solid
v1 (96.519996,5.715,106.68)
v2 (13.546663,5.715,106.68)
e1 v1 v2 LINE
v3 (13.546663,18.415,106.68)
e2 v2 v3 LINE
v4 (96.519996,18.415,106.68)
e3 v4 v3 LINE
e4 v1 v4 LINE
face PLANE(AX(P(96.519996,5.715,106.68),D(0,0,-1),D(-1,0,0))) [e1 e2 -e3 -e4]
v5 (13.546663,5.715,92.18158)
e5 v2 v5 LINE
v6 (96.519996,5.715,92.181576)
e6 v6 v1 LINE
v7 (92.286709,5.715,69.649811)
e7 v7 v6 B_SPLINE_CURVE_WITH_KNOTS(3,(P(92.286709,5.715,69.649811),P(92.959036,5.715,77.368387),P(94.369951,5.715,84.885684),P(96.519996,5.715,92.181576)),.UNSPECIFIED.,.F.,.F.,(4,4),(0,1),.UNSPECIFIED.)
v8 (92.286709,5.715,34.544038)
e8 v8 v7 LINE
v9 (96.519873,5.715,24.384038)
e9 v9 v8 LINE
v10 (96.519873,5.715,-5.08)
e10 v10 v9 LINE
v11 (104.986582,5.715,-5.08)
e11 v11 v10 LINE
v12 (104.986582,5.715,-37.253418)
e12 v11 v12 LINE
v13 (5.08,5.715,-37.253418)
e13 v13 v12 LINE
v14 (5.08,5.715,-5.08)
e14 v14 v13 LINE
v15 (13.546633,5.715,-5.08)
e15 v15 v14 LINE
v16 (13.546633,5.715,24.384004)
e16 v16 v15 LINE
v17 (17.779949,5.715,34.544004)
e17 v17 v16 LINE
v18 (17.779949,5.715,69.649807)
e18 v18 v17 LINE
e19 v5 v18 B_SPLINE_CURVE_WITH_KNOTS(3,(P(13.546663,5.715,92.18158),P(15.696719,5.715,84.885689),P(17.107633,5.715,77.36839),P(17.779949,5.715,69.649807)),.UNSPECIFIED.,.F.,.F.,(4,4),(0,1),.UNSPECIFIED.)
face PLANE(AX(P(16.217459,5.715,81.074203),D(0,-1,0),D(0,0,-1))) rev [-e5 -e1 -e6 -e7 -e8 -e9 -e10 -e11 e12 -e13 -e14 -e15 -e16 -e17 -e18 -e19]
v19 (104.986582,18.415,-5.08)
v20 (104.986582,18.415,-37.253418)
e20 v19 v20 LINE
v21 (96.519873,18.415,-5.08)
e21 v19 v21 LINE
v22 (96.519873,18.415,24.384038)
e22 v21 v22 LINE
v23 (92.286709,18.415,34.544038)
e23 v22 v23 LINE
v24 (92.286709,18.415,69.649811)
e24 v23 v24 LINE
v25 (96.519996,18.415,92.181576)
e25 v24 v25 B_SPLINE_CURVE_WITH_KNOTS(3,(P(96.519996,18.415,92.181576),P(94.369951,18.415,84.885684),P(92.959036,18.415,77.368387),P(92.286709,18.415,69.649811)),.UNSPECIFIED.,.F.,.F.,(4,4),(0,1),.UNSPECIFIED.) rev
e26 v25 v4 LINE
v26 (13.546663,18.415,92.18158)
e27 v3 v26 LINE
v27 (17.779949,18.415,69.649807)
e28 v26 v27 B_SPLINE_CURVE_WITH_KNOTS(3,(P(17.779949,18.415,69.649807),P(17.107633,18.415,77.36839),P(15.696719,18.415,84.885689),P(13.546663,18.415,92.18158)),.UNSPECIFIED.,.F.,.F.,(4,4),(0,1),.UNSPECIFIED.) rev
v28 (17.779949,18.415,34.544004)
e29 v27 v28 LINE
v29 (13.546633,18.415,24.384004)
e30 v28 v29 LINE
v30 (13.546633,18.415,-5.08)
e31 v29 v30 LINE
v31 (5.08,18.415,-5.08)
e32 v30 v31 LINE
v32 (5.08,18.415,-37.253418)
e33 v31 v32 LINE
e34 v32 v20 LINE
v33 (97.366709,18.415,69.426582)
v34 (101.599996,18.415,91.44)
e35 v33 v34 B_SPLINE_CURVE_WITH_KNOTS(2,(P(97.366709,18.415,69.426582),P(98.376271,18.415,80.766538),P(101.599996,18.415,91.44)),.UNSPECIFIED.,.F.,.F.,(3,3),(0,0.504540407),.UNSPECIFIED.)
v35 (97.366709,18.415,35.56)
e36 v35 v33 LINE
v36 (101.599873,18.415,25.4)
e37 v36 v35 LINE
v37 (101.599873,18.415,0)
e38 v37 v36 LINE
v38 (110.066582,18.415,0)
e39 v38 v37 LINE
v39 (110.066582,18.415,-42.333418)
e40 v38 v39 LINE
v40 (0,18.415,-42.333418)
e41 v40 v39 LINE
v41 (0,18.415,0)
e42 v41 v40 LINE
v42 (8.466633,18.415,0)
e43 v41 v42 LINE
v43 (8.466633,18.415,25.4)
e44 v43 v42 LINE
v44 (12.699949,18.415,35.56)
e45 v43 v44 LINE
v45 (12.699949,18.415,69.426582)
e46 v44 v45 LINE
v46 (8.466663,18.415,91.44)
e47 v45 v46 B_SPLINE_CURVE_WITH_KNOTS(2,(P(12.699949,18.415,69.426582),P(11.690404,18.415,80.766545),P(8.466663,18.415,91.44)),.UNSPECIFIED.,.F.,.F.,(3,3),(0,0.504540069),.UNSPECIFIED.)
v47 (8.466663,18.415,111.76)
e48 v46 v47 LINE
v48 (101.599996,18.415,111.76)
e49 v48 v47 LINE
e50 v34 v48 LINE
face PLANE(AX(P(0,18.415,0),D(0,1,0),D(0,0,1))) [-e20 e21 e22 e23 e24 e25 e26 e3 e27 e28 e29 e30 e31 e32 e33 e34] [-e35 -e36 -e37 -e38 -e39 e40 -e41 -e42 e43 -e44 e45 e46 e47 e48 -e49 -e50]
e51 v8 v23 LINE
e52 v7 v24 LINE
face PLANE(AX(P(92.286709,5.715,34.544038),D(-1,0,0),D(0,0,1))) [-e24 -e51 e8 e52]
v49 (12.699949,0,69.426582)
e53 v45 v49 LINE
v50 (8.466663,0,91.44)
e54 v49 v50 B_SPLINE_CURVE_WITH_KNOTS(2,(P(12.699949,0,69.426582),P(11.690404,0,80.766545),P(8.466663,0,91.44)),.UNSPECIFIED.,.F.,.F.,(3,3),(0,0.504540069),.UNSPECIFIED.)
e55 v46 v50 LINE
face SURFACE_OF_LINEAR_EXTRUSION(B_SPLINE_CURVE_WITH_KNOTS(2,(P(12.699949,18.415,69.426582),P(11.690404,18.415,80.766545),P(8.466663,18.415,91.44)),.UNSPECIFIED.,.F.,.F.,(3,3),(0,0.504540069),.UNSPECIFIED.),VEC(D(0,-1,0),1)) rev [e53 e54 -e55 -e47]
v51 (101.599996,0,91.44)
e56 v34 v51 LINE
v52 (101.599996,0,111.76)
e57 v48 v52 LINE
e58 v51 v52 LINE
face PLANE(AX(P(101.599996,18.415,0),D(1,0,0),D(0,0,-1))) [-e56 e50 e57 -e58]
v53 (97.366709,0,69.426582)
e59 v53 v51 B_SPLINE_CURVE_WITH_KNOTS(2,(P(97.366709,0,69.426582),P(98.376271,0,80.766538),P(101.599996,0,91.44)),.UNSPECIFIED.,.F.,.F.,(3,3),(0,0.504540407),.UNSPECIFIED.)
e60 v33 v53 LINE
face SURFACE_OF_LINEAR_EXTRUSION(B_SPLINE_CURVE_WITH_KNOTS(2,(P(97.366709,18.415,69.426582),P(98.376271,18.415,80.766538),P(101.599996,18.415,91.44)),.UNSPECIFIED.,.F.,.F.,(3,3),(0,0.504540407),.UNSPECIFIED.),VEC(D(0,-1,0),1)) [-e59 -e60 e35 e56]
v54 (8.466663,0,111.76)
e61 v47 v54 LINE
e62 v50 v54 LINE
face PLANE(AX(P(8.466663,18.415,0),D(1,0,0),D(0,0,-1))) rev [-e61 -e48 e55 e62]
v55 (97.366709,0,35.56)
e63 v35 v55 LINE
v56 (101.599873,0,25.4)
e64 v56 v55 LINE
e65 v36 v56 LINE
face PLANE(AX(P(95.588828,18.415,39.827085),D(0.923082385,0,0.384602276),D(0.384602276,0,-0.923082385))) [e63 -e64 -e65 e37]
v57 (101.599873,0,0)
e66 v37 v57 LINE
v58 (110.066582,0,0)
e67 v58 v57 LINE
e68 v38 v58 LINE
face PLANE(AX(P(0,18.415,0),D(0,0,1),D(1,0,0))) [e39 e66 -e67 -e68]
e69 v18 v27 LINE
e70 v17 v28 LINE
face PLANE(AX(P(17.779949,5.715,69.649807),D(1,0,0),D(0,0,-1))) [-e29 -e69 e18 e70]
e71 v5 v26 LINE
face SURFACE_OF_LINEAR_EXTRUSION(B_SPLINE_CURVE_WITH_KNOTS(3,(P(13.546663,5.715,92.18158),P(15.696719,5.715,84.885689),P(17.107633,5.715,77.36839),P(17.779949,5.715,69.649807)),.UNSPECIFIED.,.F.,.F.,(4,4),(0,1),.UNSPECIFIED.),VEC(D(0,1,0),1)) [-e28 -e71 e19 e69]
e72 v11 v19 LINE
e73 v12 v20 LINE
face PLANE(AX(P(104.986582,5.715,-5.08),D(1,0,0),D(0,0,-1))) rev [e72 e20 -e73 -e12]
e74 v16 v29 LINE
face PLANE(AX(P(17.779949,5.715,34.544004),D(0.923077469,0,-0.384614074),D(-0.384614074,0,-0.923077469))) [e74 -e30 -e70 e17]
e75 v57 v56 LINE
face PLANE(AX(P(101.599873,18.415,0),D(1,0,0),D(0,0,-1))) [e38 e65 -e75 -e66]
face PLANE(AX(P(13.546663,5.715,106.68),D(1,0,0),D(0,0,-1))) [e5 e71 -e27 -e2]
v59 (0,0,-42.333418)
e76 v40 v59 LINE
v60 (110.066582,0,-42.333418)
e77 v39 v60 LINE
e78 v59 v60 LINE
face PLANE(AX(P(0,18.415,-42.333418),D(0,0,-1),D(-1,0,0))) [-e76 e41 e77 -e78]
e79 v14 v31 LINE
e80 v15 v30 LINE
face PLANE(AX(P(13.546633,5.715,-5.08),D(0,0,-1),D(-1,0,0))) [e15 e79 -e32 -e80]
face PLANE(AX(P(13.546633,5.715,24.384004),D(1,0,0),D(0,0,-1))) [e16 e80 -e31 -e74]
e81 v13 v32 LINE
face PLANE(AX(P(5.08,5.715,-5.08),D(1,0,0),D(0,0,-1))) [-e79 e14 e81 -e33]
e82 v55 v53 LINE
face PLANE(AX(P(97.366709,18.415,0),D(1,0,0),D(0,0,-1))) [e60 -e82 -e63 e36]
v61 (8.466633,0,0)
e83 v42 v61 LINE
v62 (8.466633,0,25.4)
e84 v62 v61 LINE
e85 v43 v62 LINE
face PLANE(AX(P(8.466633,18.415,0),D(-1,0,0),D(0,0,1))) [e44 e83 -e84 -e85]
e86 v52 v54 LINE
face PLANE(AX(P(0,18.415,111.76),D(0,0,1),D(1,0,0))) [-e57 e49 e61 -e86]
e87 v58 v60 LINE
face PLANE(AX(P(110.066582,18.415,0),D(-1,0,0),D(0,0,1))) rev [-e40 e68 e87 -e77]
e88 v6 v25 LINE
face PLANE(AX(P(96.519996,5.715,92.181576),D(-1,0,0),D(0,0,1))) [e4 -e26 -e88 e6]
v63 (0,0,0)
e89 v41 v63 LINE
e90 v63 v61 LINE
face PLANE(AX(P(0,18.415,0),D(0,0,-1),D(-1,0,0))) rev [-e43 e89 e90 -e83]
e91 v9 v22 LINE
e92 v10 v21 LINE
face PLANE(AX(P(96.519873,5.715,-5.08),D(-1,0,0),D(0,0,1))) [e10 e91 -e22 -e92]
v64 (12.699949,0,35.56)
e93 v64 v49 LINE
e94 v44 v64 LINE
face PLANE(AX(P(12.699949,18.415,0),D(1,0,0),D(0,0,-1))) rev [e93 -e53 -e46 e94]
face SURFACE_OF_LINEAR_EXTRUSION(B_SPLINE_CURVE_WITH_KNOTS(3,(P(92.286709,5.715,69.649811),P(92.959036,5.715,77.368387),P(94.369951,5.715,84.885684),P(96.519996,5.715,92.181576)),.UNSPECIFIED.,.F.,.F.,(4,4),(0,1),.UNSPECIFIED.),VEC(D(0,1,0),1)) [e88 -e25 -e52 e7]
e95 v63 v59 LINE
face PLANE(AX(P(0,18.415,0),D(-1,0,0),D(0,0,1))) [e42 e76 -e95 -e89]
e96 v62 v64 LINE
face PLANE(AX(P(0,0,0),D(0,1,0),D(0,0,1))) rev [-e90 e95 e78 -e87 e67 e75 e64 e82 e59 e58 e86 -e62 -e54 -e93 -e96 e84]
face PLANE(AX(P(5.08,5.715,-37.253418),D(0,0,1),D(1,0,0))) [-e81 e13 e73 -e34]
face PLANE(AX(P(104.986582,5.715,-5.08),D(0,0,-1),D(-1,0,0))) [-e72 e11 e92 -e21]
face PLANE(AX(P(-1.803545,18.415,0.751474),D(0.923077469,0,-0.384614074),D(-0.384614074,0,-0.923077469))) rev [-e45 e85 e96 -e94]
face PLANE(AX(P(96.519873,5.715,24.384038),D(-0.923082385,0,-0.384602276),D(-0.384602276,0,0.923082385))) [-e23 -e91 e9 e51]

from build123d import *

# Parameters (mm, degrees)
BOSS_EXTRUDE1_DEPTH = 18.415
CUT_EXTRUDE1_DEPTH  = 12.7


with BuildPart() as part:
    # Sketch3 → Boss-Extrude1 (new body)
    with BuildSketch(Plane(origin=(0, 0, 0), x_dir=(1, 0, 0), z_dir=(0, 1, 0))):
        with BuildLine():
            Line((101.599873, 0), (110.066582, 0))
            Line((110.066582, 0), (110.066582, 42.333418))
            Line((110.066582, 42.333418), (55.033291, 42.333418))
            Line((55.033291, 42.333418), (8.4666328, 42.333418))
            Line((8.4666328, 42.333418), (0, 42.333418))
            Line((0, 42.333418), (0, 0))
            Line((0, 0), (8.4666328, 0))
            Line((8.4666328, 0), (8.4666328, -25.4))
            Line((8.4666328, -25.4), (12.6999492, -35.56))
            Line((12.6999492, -35.56), (12.6999492, -69.426582))
            add(Edge.make_bspline(
                [(12.6999492, -69.426582), (11.690404189, -80.766544706), (8.46666328, -91.44)],
                knots=[0, 0, 0, 0.504540069, 0.504540069, 0.504540069], degree=2))
            Line((8.46666328, -91.44), (8.46666328, -111.76))
            Line((8.46666328, -111.76), (101.599995682, -111.76))
            Line((101.599995682, -111.76), (101.599995682, -91.44))
            add(Edge.make_bspline(
                [(97.366709, -69.426582), (98.376270675, -80.766537876), (101.599995682, -91.44)],
                knots=[0, 0, 0, 0.504540407, 0.504540407, 0.504540407], degree=2))
            Line((97.366709, -69.426582), (97.366709, -35.56))
            Line((97.366709, -35.56), (101.599873, -25.4))
            Line((101.599873, -25.4), (101.599873, 0))
        make_face()
    extrude(amount=BOSS_EXTRUDE1_DEPTH)

    # Sketch7 → Cut-Extrude1 (cut)
    with BuildSketch(Plane(origin=(0, 18.415, 0), x_dir=(1, 0, 0), z_dir=(0, 1, 0))):
        with BuildLine():
            Line((104.986582, 5.08), (104.986582, 37.253418))
            Line((104.986582, 37.253418), (5.08, 37.253418))
            Line((5.08, 37.253418), (5.08, 5.08))
            Line((5.08, 5.08), (13.5466328, 5.08))
            Line((13.5466328, 5.08), (13.5466328, -24.384003751))
            Line((13.5466328, -24.384003751), (17.7799492, -34.544003751))
            Line((17.7799492, -34.544003751), (17.7799492, -69.649806794))
            add(Edge.make_bspline(
                [(13.54666328, -92.18157962), (15.696718758, -84.885689198), (17.107633166, -77.368389863), (17.7799492, -69.649806794)],
                knots=[0, 0, 0, 0, 1, 1, 1, 1], degree=3))
            Line((13.54666328, -92.18157962), (13.54666328, -106.68))
            Line((13.54666328, -106.68), (96.519995682, -106.68))
            Line((96.519995682, -106.68), (96.519995682, -92.1815758))
            add(Edge.make_bspline(
                [(92.286709, -69.649810631), (92.959036165, -77.368387225), (94.369950858, -84.885683715), (96.519995682, -92.1815758)],
                knots=[0, 0, 0, 0, 1, 1, 1, 1], degree=3))
            Line((92.286709, -69.649810631), (92.286709, -34.544037514))
            Line((92.286709, -34.544037514), (96.519873, -24.384037514))
            Line((96.519873, -24.384037514), (96.519873, 5.08))
            Line((96.519873, 5.08), (104.986582, 5.08))
        make_face()
    extrude(amount=-CUT_EXTRUDE1_DEPTH, mode=Mode.SUBTRACT)


solid = part.part
